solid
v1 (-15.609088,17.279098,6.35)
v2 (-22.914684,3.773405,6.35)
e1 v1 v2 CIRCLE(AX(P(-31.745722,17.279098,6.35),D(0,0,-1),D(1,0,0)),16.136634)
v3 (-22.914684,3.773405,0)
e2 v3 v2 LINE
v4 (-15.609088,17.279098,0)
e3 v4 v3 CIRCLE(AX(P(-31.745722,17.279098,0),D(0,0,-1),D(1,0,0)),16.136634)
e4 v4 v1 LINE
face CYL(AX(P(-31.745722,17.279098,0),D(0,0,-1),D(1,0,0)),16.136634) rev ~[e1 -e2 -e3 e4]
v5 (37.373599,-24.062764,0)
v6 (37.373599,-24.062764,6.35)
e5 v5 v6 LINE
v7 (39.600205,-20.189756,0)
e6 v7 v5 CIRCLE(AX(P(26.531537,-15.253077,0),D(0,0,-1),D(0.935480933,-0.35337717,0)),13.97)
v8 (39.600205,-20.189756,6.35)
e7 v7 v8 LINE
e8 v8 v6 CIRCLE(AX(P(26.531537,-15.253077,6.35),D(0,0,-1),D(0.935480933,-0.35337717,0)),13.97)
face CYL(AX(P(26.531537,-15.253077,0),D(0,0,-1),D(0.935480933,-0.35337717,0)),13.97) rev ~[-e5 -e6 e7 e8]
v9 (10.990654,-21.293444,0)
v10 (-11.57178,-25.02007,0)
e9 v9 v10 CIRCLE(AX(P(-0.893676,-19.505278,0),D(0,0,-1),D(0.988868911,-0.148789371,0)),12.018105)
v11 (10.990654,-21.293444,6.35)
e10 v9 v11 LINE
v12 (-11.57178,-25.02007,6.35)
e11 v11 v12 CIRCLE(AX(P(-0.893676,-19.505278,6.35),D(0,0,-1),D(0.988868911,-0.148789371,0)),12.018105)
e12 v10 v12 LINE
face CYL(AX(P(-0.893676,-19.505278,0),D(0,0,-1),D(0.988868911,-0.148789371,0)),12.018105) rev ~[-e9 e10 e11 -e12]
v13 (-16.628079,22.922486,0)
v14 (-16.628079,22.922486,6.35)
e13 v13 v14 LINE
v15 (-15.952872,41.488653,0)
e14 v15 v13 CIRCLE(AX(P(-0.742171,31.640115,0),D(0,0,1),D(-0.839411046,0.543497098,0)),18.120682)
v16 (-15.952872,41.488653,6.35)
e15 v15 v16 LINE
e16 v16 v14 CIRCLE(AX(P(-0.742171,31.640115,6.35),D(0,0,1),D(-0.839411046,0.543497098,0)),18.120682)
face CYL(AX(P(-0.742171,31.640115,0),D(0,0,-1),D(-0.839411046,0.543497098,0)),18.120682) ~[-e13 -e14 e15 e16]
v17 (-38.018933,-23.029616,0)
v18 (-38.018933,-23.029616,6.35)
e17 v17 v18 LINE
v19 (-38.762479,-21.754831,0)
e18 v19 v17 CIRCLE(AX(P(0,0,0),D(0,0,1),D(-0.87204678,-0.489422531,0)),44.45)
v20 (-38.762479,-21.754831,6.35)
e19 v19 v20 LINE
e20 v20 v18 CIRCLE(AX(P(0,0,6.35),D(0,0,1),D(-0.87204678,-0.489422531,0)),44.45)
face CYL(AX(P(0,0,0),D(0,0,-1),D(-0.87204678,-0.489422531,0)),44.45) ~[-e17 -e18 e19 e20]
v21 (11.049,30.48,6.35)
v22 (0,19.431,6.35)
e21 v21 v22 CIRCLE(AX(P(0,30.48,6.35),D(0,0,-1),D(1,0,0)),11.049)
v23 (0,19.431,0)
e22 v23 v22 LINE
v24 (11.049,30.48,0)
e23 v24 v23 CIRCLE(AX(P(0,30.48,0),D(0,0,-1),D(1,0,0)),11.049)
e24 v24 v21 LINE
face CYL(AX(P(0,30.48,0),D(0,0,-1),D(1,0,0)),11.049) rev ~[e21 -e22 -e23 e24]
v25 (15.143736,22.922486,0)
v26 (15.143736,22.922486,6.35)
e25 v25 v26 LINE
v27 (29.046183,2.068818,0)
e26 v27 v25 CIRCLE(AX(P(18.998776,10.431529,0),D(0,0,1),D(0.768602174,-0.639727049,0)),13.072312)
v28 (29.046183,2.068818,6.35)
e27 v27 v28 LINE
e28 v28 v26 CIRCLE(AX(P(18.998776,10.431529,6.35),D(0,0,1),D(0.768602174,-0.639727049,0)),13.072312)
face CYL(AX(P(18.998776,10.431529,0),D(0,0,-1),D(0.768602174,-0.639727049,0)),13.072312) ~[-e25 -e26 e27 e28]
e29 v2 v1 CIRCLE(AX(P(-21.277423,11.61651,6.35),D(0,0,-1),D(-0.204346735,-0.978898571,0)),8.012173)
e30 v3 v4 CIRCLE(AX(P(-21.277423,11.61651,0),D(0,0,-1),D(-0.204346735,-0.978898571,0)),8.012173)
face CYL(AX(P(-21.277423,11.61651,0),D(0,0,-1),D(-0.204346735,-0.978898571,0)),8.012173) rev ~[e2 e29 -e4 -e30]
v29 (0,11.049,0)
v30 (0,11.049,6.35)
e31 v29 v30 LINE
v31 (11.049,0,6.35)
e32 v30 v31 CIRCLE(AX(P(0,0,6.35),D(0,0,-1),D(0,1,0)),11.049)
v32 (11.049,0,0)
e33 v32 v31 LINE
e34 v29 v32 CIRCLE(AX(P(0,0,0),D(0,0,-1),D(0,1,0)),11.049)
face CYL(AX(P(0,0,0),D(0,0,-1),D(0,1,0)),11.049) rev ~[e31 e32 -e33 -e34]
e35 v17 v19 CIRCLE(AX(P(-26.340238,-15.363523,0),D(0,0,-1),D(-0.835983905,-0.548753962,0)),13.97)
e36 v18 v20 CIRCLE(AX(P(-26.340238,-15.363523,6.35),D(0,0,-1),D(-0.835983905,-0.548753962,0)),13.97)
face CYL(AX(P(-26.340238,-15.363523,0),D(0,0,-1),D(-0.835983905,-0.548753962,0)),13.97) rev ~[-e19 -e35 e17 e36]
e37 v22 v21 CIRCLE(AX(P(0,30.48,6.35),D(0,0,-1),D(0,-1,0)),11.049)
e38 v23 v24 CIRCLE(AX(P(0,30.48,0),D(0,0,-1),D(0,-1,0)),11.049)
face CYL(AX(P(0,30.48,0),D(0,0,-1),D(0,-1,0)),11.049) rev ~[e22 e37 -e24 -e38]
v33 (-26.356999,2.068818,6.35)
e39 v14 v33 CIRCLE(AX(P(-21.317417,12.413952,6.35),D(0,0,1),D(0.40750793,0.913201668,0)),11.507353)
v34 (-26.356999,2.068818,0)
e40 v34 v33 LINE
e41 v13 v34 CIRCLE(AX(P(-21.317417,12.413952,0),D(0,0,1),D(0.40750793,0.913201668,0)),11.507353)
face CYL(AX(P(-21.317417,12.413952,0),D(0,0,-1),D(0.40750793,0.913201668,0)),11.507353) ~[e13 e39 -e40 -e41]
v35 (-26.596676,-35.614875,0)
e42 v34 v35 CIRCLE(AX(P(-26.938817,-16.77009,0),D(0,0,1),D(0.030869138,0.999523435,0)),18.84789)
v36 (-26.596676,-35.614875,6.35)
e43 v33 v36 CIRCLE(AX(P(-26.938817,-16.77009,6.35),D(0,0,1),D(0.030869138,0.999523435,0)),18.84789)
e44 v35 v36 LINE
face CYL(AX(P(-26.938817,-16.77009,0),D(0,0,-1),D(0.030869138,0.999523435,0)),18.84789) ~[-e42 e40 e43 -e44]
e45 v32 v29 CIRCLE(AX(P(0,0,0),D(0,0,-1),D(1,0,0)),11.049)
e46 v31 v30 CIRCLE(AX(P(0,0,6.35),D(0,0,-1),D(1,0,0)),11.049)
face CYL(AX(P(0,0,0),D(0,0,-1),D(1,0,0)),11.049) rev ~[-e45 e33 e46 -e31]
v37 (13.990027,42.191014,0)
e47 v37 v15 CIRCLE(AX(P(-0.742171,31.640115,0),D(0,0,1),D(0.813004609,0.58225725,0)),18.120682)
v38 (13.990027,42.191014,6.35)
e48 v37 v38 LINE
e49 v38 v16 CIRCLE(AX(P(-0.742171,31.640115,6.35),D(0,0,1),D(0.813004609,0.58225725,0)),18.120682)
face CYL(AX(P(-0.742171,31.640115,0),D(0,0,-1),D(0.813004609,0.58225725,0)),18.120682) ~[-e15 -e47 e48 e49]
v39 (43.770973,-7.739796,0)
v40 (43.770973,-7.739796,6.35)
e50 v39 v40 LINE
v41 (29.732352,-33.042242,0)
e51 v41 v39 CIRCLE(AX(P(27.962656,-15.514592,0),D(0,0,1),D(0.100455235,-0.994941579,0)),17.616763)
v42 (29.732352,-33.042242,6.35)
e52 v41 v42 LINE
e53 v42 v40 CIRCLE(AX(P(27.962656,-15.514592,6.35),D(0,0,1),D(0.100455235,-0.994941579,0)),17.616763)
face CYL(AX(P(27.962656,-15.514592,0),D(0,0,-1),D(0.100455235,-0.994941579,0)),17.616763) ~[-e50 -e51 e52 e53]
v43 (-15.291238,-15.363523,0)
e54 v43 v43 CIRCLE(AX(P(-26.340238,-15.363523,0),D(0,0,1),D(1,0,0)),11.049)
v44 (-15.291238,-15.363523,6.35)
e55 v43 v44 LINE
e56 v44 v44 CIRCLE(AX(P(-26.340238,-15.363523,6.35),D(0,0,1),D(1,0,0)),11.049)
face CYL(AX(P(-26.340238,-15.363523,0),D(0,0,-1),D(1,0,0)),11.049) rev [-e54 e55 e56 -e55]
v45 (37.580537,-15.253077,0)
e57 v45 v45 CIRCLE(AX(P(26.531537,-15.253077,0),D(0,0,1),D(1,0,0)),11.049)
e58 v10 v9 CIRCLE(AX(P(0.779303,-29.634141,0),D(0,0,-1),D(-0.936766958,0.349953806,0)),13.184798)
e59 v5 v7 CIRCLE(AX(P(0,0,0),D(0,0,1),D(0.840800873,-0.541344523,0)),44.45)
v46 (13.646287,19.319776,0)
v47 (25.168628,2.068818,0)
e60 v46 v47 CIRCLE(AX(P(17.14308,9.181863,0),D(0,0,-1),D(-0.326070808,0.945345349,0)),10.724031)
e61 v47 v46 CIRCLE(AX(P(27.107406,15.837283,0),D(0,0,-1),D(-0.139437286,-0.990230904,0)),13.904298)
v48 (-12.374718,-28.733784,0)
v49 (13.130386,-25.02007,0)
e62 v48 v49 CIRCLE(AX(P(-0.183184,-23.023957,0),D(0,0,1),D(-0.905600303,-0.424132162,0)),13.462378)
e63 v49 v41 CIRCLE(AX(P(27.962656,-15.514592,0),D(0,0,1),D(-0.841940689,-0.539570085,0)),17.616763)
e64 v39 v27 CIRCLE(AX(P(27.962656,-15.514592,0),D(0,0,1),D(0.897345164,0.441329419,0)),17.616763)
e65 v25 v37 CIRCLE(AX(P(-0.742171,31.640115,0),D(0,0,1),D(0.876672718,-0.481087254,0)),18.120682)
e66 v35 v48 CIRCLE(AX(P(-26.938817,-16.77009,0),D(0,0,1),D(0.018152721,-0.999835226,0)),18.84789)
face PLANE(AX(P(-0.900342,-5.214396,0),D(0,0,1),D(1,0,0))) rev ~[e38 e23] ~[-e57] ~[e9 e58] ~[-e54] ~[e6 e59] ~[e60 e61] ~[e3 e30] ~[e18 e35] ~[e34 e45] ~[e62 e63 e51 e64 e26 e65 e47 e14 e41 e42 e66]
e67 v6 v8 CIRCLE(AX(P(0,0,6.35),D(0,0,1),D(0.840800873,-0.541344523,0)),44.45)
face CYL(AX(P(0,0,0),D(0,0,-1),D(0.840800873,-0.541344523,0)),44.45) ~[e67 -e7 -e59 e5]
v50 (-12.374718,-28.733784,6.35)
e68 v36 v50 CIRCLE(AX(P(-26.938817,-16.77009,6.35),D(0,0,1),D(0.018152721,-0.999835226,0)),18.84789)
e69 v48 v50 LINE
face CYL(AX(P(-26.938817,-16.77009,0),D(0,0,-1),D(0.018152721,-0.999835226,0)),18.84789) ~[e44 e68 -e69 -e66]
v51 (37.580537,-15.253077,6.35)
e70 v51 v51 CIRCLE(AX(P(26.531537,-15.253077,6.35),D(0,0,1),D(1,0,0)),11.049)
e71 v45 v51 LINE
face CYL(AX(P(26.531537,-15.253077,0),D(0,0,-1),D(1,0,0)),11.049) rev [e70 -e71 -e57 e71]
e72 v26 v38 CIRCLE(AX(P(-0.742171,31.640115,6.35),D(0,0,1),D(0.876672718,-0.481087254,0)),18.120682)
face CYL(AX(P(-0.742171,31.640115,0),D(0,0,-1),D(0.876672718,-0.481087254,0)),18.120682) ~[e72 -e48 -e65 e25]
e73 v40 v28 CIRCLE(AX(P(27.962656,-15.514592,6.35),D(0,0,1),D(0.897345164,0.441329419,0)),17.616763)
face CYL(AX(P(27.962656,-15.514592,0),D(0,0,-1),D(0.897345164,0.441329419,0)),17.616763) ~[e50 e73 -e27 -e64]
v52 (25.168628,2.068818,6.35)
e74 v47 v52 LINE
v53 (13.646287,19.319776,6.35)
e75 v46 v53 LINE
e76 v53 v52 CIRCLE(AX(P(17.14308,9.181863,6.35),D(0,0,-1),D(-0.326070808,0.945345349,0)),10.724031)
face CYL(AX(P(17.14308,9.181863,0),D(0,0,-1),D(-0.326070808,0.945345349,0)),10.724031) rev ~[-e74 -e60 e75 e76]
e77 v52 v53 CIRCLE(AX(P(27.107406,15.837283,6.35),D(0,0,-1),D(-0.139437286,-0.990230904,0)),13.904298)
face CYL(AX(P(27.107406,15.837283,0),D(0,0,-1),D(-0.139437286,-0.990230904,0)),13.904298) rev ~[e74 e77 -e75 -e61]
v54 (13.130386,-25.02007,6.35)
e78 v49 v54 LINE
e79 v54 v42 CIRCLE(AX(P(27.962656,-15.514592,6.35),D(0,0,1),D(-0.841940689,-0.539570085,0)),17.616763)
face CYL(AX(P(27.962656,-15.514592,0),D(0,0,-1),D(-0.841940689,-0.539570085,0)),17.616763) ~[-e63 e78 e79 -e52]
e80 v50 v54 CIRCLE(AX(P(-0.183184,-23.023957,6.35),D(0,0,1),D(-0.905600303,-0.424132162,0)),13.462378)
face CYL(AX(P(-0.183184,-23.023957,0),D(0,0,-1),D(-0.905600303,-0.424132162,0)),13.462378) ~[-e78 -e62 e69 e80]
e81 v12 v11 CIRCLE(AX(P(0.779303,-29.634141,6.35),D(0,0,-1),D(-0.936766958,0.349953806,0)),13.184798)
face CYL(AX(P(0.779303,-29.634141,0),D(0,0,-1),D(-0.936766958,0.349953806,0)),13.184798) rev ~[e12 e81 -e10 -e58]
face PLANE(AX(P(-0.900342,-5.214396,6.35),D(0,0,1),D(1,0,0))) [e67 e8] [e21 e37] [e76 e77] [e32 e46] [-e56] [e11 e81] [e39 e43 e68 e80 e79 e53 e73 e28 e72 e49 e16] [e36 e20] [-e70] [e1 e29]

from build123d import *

# Parameters (mm, degrees)
F0_R     = 11.049
F1_DEPTH = 6.35


with BuildPart() as f1:
    # F0 (on Top) → F1 (new body)
    with BuildSketch(Plane.XY):
        with BuildLine():
            ThreePointArc((13.9900267073, 42.191013886), (7.0856169162, 43.8816195339), (1.001e-07, 44.45))
            ThreePointArc((1.001e-07, 44.45), (-8.1127014874, 43.7033931701), (-15.9528722093, 41.4886534883))
            ThreePointArc((-15.9528722093, 41.4886534883), (-18.8508822531, 32.2986856143), (-16.6280791163, 22.9224860668))
            ThreePointArc((-16.6280791163, 22.9224860668), (-15.8658789133, 20.1464210948), (-15.6090878752, 17.2790975622))
            ThreePointArc((-15.6090878752, 17.2790975622), (-17.5525161747, 9.6016065701), (-22.9146844129, 3.773405023))
            ThreePointArc((-22.9146844129, 3.773405023), (-24.5849396697, 2.8183178083), (-26.356998831, 2.0688176155))
            ThreePointArc((-26.356998831, 2.0688176155), (-36.5044925545, -0.529991355), (-43.6973944973, -8.1449502237))
            ThreePointArc((-43.6973944973, -8.1449502237), (-41.7877364398, -15.1521478094), (-38.7624793768, -21.7548314763))
            ThreePointArc((-38.7624793768, -21.7548314763), (-29.6282610574, -1.7859753114), (-12.3702381212, -15.3635231449))
            ThreePointArc((-12.3702381212, -15.3635231449), (-22.3396426217, -28.7484450965), (-38.018933275, -23.0296159897))
            ThreePointArc((-38.018933275, -23.0296159897), (-32.9149121168, -29.8732499126), (-26.5966764592, -35.6148747201))
            ThreePointArc((-26.5966764592, -35.6148747201), (-18.7298982199, -33.736427955), (-12.3747177422, -28.7337843329))
            ThreePointArc((-12.3747177422, -28.7337843329), (-12.1077253896, -26.8478523844), (-11.5717802867, -25.020070374))
            ThreePointArc((-11.5717802867, -25.020070374), (-1.3693127664, -16.6255914205), (10.9906537522, -21.2934440388))
            ThreePointArc((10.9906537522, -21.2934440388), (12.2133658929, -23.0689970739), (13.13038636, -25.020070374))
            ThreePointArc((13.13038636, -25.020070374), (20.2980282513, -31.3766165327), (29.7323518206, -33.0422419823))
            ThreePointArc((29.7323518206, -33.0422419823), (33.8520296012, -28.8069885944), (37.3735987968, -24.0627640345))
            ThreePointArc((37.3735987968, -24.0627640345), (13.3667253576, -10.5788234649), (40.5015365819, -15.2530769271))
            ThreePointArc((40.5015365819, -15.2530769271), (40.2743565397, -17.7622201291), (39.6002052135, -20.1897559927))
            ThreePointArc((39.6002052135, -20.1897559927), (42.1478196292, -14.1196246586), (43.7709726947, -7.7397964674))
            ThreePointArc((43.7709726947, -7.7397964674), (37.7292227786, -0.852924429), (29.046183452, 2.0688176155))
            ThreePointArc((29.046183452, 2.0688176155), (27.1074059125, 1.9329851963), (25.168628373, 2.0688176155))
            ThreePointArc((25.168628373, 2.0688176155), (15.5450488675, 8.1144987903), (13.6462865444, 19.3197763418))
            ThreePointArc((13.6462865444, 19.3197763418), (14.2680191104, 21.1739149673), (15.1437362656, 22.9224860668))
            ThreePointArc((15.1437362656, 22.9224860668), (17.3461160042, 32.7231575742), (13.9900267073, 42.191013886))
        make_face()
        with BuildLine():
            ThreePointArc((14.0337661536, -0.0455333574), (-9.7919450545, -9.9463341625), (0, 13.9243211114))
            ThreePointArc((0, 13.9243211114), (9.9194773617, 9.8552674478), (14.0337661536, -0.0455333574))
        make_face(mode=Mode.SUBTRACT)
        with BuildLine():
            ThreePointArc((13.97, 30.48), (9.8782817332, 20.6017182668), (0, 16.51))
            ThreePointArc((0, 16.51), (-13.97, 30.4800000501), (1.001e-07, 44.45))
            ThreePointArc((1.001e-07, 44.45), (9.8782817686, 40.3582816978), (13.97, 30.48))
        make_face(mode=Mode.SUBTRACT)
        with BuildLine():
            ThreePointArc((14.0337661536, -0.0455333574), (9.9194773617, 9.8552674478), (0, 13.9243211114))
            ThreePointArc((0, 13.9243211114), (-9.7919450545, -9.9463341625), (14.0337661536, -0.0455333574))
        make_face()
        with BuildLine():
            ThreePointArc((0, 11.049), (7.8128228253, 7.8128228253), (11.049, 0))
            ThreePointArc((11.049, 0), (-7.8128228253, -7.8128228253), (0, 11.049))
        make_face(mode=Mode.SUBTRACT)
        with BuildLine():
            ThreePointArc((1.001e-07, 44.45), (-13.97, 30.4800000501), (0, 16.51))
            ThreePointArc((0, 16.51), (9.8782817332, 20.6017182668), (13.97, 30.48))
            ThreePointArc((13.97, 30.48), (9.8782817686, 40.3582816978), (1.001e-07, 44.45))
        make_face()
        with BuildLine():
            ThreePointArc((11.049, 30.48), (7.8128228253, 22.6671771747), (0, 19.431))
            ThreePointArc((0, 19.431), (-7.8128228253, 38.2928228253), (11.049, 30.48))
        make_face(mode=Mode.SUBTRACT)
        with BuildLine():
            ThreePointArc((-12.3702381212, -15.3635231449), (-29.6282610574, -1.7859753114), (-38.7624793768, -21.7548314763))
            ThreePointArc((-38.7624793768, -21.7548314763), (-38.3959972014, -22.3953097524), (-38.018933275, -23.0296159897))
            ThreePointArc((-38.018933275, -23.0296159897), (-22.3396426217, -28.7484450965), (-12.3702381212, -15.3635231449))
        make_face()
        with Locations((-26.3402381212, -15.3635231449)):
            Circle(F0_R, mode=Mode.SUBTRACT)
        with BuildLine():
            ThreePointArc((37.3735987968, -24.0627640345), (38.5355897032, -22.1542507484), (39.6002052135, -20.1897559927))
            ThreePointArc((39.6002052135, -20.1897559927), (40.2743565397, -17.7622201291), (40.5015365819, -15.2530769271))
            ThreePointArc((40.5015365819, -15.2530769271), (13.3667253576, -10.5788234649), (37.3735987968, -24.0627640345))
        make_face()
        with Locations((26.5315365819, -15.2530769271)):
            Circle(F0_R, mode=Mode.SUBTRACT)
        with BuildLine():
            ThreePointArc((-38.7624793768, -21.7548314763), (-41.7877364398, -15.1521478094), (-43.6973944973, -8.1449502237))
            ThreePointArc((-43.6973944973, -8.1449502237), (-42.9395681626, -26.7309598149), (-26.5966764592, -35.6148747201))
            ThreePointArc((-26.5966764592, -35.6148747201), (-32.9149121168, -29.8732499126), (-38.018933275, -23.0296159897))
            ThreePointArc((-38.018933275, -23.0296159897), (-38.4075515273, -22.4020490671), (-38.7624793768, -21.7548314763))
        make_face()
        with BuildLine():
            ThreePointArc((-11.5717802867, -25.020070374), (-12.1077253896, -26.8478523844), (-12.3747177422, -28.7337843329))
            ThreePointArc((-12.3747177422, -28.7337843329), (1.7565735529, -36.3458547771), (13.13038636, -25.020070374))
            ThreePointArc((13.13038636, -25.020070374), (12.2133658929, -23.0689970739), (10.9906537522, -21.2934440388))
            ThreePointArc((10.9906537522, -21.2934440388), (1.0648132035, -31.3627294368), (-11.5717802867, -25.020070374))
        make_face()
        with BuildLine():
            ThreePointArc((29.046183452, 2.0688176155), (29.875596689, 17.6827436404), (15.1437362656, 22.9224860668))
            ThreePointArc((15.1437362656, 22.9224860668), (14.2680191104, 21.1739149673), (13.6462865444, 19.3197763418))
            ThreePointArc((13.6462865444, 19.3197763418), (26.0608319773, 15.138250311), (25.168628373, 2.0688176155))
            ThreePointArc((25.168628373, 2.0688176155), (27.1074059125, 1.9329851963), (29.046183452, 2.0688176155))
        make_face()
        with BuildLine():
            ThreePointArc((-15.6090878752, 17.2790975622), (-15.8658789133, 20.1464210948), (-16.6280791163, 22.9224860668))
            ThreePointArc((-16.6280791163, 22.9224860668), (-31.7457216544, 17.2790975622), (-26.356998831, 2.0688176155))
            ThreePointArc((-26.356998831, 2.0688176155), (-24.5849396697, 2.8183178083), (-22.9146844129, 3.773405023))
            ThreePointArc((-22.9146844129, 3.773405023), (-28.3246437936, 15.4285434715), (-15.6090878752, 17.2790975622))
        make_face()
        with BuildLine():
            ThreePointArc((-15.9528722093, 41.4886534883), (-8.1127014874, 43.7033931701), (1.001e-07, 44.45))
            ThreePointArc((1.001e-07, 44.45), (7.0856169162, 43.8816195339), (13.9900267073, 42.191013886))
            ThreePointArc((13.9900267073, 42.191013886), (-1.1671052189, 49.7558144069), (-15.9528722093, 41.4886534883))
        make_face()
        with BuildLine():
            ThreePointArc((29.7323518206, -33.0422419823), (43.3672029043, -24.0615366442), (43.7709726947, -7.7397964674))
            ThreePointArc((43.7709726947, -7.7397964674), (42.1478196292, -14.1196246586), (39.6002052135, -20.1897559927))
            ThreePointArc((39.6002052135, -20.1897559927), (38.6427219172, -22.2158414481), (37.3735987968, -24.0627640345))
            ThreePointArc((37.3735987968, -24.0627640345), (33.8520296012, -28.8069885944), (29.7323518206, -33.0422419823))
        make_face()
    extrude(amount=F1_DEPTH)


solid = f1.part
